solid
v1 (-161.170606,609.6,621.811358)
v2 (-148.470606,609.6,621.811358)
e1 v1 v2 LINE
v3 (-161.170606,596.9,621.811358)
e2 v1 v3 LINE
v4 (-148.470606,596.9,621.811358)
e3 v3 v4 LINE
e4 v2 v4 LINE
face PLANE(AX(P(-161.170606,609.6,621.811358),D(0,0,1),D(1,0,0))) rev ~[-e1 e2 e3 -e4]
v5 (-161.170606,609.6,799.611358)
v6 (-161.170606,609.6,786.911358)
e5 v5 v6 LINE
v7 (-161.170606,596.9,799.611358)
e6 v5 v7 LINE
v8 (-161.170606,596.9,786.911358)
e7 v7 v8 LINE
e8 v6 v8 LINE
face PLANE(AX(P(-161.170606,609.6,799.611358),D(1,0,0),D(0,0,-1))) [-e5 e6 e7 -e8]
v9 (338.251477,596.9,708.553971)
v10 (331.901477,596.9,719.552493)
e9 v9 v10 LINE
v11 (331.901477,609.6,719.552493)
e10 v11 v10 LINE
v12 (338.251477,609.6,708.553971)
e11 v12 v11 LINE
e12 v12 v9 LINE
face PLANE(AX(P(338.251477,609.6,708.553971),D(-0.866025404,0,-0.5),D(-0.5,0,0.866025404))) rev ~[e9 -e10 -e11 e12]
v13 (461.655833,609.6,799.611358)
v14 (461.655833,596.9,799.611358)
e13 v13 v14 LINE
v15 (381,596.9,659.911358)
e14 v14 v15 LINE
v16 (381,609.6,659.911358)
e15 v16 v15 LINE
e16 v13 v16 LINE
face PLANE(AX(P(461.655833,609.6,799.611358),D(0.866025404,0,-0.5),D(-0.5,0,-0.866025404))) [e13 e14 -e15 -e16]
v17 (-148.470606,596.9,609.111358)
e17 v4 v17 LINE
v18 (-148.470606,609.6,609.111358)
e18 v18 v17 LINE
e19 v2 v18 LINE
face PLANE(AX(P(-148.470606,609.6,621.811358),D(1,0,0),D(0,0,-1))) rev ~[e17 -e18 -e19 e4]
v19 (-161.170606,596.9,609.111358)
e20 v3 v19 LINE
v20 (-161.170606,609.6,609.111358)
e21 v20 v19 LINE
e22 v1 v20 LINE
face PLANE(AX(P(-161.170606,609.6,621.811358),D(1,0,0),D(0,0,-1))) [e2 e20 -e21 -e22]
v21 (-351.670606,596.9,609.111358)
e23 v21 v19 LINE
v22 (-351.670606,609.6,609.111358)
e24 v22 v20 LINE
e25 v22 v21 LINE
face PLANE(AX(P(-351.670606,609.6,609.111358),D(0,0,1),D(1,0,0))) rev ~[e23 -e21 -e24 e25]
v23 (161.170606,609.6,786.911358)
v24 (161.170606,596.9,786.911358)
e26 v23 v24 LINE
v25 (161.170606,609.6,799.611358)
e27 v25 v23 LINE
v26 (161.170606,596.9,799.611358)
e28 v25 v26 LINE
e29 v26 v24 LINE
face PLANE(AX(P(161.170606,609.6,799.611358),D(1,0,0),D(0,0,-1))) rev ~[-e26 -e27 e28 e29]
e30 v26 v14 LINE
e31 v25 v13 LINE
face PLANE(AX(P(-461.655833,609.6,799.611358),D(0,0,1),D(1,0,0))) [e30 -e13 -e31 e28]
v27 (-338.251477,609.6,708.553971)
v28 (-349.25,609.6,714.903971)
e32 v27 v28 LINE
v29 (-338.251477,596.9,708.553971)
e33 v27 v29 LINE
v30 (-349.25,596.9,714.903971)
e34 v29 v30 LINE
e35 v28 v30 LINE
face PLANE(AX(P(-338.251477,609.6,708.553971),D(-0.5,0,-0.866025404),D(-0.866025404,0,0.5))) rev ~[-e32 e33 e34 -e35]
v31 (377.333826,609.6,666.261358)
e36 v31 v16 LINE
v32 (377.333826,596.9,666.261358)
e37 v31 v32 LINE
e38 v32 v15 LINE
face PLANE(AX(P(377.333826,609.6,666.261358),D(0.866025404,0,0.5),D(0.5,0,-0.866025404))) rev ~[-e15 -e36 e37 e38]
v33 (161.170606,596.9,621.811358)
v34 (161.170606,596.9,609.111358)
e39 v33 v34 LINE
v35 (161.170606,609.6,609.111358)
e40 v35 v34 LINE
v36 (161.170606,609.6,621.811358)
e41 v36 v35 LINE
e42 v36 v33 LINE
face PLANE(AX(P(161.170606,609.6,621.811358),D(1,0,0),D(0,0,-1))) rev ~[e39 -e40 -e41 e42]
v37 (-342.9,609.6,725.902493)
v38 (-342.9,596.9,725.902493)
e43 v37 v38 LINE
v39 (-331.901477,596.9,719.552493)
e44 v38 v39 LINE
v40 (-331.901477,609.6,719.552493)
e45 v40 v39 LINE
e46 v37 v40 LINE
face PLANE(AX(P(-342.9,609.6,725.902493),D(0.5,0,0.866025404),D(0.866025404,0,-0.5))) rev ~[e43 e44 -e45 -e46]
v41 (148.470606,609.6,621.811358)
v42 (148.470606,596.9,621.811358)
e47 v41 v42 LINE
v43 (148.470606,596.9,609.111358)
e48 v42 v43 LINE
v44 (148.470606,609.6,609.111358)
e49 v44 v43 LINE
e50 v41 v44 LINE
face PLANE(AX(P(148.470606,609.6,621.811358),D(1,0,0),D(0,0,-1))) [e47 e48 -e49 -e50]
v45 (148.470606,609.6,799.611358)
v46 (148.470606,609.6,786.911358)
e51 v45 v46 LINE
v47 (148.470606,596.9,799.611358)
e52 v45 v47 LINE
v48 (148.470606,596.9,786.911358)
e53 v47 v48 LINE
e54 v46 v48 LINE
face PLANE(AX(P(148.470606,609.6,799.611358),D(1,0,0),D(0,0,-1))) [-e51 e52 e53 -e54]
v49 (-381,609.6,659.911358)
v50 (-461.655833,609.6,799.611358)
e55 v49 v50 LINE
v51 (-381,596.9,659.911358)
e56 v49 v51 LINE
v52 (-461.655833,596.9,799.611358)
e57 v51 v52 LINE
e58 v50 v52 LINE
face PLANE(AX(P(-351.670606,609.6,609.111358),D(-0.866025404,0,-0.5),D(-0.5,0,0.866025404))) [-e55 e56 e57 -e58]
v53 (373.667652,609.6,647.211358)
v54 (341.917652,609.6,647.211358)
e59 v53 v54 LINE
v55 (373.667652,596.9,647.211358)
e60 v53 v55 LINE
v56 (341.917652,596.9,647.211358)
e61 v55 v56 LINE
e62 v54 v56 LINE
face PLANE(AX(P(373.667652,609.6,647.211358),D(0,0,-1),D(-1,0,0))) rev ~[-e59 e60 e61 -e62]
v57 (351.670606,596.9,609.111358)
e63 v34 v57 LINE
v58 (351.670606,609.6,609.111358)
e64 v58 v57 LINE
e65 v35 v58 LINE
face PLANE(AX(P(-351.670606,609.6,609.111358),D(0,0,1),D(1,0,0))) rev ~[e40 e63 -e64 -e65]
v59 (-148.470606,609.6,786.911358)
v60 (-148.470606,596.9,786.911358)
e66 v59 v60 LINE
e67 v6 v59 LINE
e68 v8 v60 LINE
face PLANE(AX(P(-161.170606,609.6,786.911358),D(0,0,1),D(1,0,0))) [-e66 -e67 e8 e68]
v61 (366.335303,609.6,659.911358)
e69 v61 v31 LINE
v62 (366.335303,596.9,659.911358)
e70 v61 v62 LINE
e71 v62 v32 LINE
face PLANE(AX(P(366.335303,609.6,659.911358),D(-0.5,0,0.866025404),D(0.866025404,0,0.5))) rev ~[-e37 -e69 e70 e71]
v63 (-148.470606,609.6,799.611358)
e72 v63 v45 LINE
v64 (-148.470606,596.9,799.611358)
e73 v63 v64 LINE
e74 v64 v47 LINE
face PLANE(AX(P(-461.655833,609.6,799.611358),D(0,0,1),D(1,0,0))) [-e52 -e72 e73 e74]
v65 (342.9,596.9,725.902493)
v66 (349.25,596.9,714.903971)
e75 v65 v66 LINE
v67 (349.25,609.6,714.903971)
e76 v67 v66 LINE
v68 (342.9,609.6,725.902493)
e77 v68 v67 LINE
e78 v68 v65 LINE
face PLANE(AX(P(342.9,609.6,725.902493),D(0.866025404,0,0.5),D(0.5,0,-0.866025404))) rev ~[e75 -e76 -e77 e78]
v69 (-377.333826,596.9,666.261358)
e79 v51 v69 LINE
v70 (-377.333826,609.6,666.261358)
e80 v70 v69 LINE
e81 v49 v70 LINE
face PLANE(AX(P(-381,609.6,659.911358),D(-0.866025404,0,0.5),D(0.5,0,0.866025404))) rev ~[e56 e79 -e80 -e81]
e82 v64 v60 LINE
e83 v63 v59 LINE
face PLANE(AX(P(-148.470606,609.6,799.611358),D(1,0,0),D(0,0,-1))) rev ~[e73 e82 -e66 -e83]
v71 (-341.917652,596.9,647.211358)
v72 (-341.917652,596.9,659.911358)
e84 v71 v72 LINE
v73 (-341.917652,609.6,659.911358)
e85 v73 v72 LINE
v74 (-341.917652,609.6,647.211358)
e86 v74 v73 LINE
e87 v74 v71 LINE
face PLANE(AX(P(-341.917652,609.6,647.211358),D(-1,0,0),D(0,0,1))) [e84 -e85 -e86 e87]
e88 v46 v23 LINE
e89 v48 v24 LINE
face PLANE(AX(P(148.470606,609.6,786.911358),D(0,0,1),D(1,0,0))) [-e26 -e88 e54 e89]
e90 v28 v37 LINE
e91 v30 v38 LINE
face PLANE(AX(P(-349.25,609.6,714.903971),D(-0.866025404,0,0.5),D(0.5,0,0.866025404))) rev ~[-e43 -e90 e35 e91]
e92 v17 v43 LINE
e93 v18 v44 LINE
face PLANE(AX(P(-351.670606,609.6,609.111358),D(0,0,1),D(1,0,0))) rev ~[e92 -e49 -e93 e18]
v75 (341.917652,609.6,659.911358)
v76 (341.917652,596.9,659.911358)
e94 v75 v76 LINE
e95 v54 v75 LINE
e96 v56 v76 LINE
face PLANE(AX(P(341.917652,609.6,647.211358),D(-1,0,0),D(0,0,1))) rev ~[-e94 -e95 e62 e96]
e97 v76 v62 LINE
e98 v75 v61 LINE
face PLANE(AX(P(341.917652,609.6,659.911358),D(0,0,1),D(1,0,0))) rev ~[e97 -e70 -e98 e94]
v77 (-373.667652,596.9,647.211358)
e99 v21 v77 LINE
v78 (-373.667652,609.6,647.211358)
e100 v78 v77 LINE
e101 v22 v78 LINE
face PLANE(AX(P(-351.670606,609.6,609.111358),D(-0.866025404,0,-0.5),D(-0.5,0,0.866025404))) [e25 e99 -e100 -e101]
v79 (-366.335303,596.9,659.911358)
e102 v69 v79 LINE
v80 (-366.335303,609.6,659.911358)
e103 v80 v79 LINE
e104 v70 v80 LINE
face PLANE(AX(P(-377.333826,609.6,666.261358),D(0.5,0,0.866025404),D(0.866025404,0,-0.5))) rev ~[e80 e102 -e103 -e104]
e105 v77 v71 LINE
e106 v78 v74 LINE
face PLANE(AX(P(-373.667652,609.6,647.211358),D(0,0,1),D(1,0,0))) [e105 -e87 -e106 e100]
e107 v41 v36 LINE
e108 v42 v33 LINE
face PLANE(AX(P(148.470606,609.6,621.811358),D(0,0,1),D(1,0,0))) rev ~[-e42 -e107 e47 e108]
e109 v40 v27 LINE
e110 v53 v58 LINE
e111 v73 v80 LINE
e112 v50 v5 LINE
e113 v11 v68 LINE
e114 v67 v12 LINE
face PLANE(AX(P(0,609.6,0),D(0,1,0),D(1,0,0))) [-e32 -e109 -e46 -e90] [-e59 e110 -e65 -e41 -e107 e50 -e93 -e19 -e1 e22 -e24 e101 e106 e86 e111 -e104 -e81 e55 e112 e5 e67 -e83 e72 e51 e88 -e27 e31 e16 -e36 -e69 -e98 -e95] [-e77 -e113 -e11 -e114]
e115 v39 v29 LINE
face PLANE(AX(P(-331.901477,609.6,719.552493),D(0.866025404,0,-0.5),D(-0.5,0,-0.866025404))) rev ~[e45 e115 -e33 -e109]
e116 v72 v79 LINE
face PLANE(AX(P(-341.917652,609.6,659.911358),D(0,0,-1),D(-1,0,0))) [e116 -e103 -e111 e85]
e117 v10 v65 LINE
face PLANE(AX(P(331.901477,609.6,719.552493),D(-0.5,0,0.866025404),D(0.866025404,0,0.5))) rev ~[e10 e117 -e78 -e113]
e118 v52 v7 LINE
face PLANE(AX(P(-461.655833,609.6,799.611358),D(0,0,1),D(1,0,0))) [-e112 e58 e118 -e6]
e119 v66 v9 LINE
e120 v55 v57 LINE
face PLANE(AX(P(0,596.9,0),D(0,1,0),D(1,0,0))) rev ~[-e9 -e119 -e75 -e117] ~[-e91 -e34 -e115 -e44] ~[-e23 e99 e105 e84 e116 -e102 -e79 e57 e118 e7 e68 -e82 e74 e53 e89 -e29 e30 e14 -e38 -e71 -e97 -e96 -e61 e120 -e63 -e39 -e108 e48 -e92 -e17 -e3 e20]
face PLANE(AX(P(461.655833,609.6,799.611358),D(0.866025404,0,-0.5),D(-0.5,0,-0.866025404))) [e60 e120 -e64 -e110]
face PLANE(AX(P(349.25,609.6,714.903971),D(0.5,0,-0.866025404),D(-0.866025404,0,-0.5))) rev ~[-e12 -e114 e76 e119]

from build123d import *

# Parameters (mm, degrees)
BOSS_EXTRUDE1_DEPTH = 12.7
SKETCH2_OUTSIDE_W   = 2337.202
SKETCH2_OUTSIDE_H   = 2089.8
CUT_EXTRUDE1_DEPTH  = 12.7
SKETCH3_W           = 12.7
SKETCH3_H           = 12.7
CUT_EXTRUDE2_DEPTH  = 12.7
CUT_EXTRUDE3_DEPTH  = 12.7


with BuildPart() as part:
    # Sketch1 → Boss-Extrude1 (new body)
    with BuildSketch(Plane(origin=(0, 609.6, 0), x_dir=(1, 0, 0), z_dir=(0, 1, 0))):
        Polygon((923.311665212, 0), (461.655832606, 799.611357684), (-461.655832606, 799.611357684), (-923.311665212, 0), (-461.655832606, -799.611357684), (461.655832606, -799.611357684), align=None)
        Polygon((-351.670606325, 609.111357684), (-703.34121265, 0), (-351.670606325, -609.111357684), (351.670606325, -609.111357684), (703.34121265, 0), (351.670606325, 609.111357684), align=None, mode=Mode.SUBTRACT)
    extrude(amount=-BOSS_EXTRUDE1_DEPTH)

    # Sketch2 outside → Cut-Extrude1 (cut)
    with BuildSketch(Plane(origin=(0, 609.6, 0), x_dir=(1, 0, 0), z_dir=(0, 1, 0))):
        Rectangle(SKETCH2_OUTSIDE_W, SKETCH2_OUTSIDE_H)
        Polygon((-351.670606325, -609.111357684), (-461.655832606, -799.611357684), (461.655832606, -799.611357684), (351.670606325, -609.111357684), align=None, mode=Mode.SUBTRACT)
    extrude(amount=-CUT_EXTRUDE1_DEPTH, mode=Mode.SUBTRACT)

    # Sketch3 → Cut-Extrude2 (cut)
    with BuildSketch(Plane(origin=(0, 609.6, 0), x_dir=(1, 0, 0), z_dir=(0, 1, 0))):
        with Locations((-154.820606325, -615.461357684)):
            Rectangle(SKETCH3_W, SKETCH3_H)
        Polygon((-342.9, -725.902493452), (-331.901477372, -719.552493452), (-338.251477372, -708.553970824), (-349.25, -714.903970824), align=None)
        with Locations((-154.820606325, -793.261357684)):
            Rectangle(SKETCH3_W, SKETCH3_H)
        Polygon((-373.667651581, -647.211357684), (-381, -659.911357684), (-377.333825791, -666.261357684), (-366.335303163, -659.911357684), align=None)
        Polygon((381, -659.911357684), (373.667651581, -647.211357684), (366.335303163, -659.911357684), (377.333825791, -666.261357684), align=None)
        Polygon((338.251477372, -708.553970824), (331.901477372, -719.552493452), (342.9, -725.902493452), (349.25, -714.903970824), align=None)
        with Locations((154.820606325, -615.461357684)):
            Rectangle(SKETCH3_W, SKETCH3_H)
        with Locations((154.820606325, -793.261357684)):
            Rectangle(SKETCH3_W, SKETCH3_H)
    extrude(amount=-CUT_EXTRUDE2_DEPTH, mode=Mode.SUBTRACT)

    # Sketch4 → Cut-Extrude3 (cut)
    with BuildSketch(Plane(origin=(0, 609.6, 0), x_dir=(1, 0, 0), z_dir=(0, 1, 0))):
        Polygon((366.335303163, -659.911357684), (373.667651581, -647.211357684), (341.917651581, -647.211357684), (341.917651581, -659.911357684), align=None)
        Polygon((-373.667651581, -647.211357684), (-341.917651581, -647.211357684), (-341.917651581, -659.911357684), (-366.335303163, -659.911357684), align=None)
    extrude(amount=-CUT_EXTRUDE3_DEPTH, mode=Mode.SUBTRACT)


solid = part.part
